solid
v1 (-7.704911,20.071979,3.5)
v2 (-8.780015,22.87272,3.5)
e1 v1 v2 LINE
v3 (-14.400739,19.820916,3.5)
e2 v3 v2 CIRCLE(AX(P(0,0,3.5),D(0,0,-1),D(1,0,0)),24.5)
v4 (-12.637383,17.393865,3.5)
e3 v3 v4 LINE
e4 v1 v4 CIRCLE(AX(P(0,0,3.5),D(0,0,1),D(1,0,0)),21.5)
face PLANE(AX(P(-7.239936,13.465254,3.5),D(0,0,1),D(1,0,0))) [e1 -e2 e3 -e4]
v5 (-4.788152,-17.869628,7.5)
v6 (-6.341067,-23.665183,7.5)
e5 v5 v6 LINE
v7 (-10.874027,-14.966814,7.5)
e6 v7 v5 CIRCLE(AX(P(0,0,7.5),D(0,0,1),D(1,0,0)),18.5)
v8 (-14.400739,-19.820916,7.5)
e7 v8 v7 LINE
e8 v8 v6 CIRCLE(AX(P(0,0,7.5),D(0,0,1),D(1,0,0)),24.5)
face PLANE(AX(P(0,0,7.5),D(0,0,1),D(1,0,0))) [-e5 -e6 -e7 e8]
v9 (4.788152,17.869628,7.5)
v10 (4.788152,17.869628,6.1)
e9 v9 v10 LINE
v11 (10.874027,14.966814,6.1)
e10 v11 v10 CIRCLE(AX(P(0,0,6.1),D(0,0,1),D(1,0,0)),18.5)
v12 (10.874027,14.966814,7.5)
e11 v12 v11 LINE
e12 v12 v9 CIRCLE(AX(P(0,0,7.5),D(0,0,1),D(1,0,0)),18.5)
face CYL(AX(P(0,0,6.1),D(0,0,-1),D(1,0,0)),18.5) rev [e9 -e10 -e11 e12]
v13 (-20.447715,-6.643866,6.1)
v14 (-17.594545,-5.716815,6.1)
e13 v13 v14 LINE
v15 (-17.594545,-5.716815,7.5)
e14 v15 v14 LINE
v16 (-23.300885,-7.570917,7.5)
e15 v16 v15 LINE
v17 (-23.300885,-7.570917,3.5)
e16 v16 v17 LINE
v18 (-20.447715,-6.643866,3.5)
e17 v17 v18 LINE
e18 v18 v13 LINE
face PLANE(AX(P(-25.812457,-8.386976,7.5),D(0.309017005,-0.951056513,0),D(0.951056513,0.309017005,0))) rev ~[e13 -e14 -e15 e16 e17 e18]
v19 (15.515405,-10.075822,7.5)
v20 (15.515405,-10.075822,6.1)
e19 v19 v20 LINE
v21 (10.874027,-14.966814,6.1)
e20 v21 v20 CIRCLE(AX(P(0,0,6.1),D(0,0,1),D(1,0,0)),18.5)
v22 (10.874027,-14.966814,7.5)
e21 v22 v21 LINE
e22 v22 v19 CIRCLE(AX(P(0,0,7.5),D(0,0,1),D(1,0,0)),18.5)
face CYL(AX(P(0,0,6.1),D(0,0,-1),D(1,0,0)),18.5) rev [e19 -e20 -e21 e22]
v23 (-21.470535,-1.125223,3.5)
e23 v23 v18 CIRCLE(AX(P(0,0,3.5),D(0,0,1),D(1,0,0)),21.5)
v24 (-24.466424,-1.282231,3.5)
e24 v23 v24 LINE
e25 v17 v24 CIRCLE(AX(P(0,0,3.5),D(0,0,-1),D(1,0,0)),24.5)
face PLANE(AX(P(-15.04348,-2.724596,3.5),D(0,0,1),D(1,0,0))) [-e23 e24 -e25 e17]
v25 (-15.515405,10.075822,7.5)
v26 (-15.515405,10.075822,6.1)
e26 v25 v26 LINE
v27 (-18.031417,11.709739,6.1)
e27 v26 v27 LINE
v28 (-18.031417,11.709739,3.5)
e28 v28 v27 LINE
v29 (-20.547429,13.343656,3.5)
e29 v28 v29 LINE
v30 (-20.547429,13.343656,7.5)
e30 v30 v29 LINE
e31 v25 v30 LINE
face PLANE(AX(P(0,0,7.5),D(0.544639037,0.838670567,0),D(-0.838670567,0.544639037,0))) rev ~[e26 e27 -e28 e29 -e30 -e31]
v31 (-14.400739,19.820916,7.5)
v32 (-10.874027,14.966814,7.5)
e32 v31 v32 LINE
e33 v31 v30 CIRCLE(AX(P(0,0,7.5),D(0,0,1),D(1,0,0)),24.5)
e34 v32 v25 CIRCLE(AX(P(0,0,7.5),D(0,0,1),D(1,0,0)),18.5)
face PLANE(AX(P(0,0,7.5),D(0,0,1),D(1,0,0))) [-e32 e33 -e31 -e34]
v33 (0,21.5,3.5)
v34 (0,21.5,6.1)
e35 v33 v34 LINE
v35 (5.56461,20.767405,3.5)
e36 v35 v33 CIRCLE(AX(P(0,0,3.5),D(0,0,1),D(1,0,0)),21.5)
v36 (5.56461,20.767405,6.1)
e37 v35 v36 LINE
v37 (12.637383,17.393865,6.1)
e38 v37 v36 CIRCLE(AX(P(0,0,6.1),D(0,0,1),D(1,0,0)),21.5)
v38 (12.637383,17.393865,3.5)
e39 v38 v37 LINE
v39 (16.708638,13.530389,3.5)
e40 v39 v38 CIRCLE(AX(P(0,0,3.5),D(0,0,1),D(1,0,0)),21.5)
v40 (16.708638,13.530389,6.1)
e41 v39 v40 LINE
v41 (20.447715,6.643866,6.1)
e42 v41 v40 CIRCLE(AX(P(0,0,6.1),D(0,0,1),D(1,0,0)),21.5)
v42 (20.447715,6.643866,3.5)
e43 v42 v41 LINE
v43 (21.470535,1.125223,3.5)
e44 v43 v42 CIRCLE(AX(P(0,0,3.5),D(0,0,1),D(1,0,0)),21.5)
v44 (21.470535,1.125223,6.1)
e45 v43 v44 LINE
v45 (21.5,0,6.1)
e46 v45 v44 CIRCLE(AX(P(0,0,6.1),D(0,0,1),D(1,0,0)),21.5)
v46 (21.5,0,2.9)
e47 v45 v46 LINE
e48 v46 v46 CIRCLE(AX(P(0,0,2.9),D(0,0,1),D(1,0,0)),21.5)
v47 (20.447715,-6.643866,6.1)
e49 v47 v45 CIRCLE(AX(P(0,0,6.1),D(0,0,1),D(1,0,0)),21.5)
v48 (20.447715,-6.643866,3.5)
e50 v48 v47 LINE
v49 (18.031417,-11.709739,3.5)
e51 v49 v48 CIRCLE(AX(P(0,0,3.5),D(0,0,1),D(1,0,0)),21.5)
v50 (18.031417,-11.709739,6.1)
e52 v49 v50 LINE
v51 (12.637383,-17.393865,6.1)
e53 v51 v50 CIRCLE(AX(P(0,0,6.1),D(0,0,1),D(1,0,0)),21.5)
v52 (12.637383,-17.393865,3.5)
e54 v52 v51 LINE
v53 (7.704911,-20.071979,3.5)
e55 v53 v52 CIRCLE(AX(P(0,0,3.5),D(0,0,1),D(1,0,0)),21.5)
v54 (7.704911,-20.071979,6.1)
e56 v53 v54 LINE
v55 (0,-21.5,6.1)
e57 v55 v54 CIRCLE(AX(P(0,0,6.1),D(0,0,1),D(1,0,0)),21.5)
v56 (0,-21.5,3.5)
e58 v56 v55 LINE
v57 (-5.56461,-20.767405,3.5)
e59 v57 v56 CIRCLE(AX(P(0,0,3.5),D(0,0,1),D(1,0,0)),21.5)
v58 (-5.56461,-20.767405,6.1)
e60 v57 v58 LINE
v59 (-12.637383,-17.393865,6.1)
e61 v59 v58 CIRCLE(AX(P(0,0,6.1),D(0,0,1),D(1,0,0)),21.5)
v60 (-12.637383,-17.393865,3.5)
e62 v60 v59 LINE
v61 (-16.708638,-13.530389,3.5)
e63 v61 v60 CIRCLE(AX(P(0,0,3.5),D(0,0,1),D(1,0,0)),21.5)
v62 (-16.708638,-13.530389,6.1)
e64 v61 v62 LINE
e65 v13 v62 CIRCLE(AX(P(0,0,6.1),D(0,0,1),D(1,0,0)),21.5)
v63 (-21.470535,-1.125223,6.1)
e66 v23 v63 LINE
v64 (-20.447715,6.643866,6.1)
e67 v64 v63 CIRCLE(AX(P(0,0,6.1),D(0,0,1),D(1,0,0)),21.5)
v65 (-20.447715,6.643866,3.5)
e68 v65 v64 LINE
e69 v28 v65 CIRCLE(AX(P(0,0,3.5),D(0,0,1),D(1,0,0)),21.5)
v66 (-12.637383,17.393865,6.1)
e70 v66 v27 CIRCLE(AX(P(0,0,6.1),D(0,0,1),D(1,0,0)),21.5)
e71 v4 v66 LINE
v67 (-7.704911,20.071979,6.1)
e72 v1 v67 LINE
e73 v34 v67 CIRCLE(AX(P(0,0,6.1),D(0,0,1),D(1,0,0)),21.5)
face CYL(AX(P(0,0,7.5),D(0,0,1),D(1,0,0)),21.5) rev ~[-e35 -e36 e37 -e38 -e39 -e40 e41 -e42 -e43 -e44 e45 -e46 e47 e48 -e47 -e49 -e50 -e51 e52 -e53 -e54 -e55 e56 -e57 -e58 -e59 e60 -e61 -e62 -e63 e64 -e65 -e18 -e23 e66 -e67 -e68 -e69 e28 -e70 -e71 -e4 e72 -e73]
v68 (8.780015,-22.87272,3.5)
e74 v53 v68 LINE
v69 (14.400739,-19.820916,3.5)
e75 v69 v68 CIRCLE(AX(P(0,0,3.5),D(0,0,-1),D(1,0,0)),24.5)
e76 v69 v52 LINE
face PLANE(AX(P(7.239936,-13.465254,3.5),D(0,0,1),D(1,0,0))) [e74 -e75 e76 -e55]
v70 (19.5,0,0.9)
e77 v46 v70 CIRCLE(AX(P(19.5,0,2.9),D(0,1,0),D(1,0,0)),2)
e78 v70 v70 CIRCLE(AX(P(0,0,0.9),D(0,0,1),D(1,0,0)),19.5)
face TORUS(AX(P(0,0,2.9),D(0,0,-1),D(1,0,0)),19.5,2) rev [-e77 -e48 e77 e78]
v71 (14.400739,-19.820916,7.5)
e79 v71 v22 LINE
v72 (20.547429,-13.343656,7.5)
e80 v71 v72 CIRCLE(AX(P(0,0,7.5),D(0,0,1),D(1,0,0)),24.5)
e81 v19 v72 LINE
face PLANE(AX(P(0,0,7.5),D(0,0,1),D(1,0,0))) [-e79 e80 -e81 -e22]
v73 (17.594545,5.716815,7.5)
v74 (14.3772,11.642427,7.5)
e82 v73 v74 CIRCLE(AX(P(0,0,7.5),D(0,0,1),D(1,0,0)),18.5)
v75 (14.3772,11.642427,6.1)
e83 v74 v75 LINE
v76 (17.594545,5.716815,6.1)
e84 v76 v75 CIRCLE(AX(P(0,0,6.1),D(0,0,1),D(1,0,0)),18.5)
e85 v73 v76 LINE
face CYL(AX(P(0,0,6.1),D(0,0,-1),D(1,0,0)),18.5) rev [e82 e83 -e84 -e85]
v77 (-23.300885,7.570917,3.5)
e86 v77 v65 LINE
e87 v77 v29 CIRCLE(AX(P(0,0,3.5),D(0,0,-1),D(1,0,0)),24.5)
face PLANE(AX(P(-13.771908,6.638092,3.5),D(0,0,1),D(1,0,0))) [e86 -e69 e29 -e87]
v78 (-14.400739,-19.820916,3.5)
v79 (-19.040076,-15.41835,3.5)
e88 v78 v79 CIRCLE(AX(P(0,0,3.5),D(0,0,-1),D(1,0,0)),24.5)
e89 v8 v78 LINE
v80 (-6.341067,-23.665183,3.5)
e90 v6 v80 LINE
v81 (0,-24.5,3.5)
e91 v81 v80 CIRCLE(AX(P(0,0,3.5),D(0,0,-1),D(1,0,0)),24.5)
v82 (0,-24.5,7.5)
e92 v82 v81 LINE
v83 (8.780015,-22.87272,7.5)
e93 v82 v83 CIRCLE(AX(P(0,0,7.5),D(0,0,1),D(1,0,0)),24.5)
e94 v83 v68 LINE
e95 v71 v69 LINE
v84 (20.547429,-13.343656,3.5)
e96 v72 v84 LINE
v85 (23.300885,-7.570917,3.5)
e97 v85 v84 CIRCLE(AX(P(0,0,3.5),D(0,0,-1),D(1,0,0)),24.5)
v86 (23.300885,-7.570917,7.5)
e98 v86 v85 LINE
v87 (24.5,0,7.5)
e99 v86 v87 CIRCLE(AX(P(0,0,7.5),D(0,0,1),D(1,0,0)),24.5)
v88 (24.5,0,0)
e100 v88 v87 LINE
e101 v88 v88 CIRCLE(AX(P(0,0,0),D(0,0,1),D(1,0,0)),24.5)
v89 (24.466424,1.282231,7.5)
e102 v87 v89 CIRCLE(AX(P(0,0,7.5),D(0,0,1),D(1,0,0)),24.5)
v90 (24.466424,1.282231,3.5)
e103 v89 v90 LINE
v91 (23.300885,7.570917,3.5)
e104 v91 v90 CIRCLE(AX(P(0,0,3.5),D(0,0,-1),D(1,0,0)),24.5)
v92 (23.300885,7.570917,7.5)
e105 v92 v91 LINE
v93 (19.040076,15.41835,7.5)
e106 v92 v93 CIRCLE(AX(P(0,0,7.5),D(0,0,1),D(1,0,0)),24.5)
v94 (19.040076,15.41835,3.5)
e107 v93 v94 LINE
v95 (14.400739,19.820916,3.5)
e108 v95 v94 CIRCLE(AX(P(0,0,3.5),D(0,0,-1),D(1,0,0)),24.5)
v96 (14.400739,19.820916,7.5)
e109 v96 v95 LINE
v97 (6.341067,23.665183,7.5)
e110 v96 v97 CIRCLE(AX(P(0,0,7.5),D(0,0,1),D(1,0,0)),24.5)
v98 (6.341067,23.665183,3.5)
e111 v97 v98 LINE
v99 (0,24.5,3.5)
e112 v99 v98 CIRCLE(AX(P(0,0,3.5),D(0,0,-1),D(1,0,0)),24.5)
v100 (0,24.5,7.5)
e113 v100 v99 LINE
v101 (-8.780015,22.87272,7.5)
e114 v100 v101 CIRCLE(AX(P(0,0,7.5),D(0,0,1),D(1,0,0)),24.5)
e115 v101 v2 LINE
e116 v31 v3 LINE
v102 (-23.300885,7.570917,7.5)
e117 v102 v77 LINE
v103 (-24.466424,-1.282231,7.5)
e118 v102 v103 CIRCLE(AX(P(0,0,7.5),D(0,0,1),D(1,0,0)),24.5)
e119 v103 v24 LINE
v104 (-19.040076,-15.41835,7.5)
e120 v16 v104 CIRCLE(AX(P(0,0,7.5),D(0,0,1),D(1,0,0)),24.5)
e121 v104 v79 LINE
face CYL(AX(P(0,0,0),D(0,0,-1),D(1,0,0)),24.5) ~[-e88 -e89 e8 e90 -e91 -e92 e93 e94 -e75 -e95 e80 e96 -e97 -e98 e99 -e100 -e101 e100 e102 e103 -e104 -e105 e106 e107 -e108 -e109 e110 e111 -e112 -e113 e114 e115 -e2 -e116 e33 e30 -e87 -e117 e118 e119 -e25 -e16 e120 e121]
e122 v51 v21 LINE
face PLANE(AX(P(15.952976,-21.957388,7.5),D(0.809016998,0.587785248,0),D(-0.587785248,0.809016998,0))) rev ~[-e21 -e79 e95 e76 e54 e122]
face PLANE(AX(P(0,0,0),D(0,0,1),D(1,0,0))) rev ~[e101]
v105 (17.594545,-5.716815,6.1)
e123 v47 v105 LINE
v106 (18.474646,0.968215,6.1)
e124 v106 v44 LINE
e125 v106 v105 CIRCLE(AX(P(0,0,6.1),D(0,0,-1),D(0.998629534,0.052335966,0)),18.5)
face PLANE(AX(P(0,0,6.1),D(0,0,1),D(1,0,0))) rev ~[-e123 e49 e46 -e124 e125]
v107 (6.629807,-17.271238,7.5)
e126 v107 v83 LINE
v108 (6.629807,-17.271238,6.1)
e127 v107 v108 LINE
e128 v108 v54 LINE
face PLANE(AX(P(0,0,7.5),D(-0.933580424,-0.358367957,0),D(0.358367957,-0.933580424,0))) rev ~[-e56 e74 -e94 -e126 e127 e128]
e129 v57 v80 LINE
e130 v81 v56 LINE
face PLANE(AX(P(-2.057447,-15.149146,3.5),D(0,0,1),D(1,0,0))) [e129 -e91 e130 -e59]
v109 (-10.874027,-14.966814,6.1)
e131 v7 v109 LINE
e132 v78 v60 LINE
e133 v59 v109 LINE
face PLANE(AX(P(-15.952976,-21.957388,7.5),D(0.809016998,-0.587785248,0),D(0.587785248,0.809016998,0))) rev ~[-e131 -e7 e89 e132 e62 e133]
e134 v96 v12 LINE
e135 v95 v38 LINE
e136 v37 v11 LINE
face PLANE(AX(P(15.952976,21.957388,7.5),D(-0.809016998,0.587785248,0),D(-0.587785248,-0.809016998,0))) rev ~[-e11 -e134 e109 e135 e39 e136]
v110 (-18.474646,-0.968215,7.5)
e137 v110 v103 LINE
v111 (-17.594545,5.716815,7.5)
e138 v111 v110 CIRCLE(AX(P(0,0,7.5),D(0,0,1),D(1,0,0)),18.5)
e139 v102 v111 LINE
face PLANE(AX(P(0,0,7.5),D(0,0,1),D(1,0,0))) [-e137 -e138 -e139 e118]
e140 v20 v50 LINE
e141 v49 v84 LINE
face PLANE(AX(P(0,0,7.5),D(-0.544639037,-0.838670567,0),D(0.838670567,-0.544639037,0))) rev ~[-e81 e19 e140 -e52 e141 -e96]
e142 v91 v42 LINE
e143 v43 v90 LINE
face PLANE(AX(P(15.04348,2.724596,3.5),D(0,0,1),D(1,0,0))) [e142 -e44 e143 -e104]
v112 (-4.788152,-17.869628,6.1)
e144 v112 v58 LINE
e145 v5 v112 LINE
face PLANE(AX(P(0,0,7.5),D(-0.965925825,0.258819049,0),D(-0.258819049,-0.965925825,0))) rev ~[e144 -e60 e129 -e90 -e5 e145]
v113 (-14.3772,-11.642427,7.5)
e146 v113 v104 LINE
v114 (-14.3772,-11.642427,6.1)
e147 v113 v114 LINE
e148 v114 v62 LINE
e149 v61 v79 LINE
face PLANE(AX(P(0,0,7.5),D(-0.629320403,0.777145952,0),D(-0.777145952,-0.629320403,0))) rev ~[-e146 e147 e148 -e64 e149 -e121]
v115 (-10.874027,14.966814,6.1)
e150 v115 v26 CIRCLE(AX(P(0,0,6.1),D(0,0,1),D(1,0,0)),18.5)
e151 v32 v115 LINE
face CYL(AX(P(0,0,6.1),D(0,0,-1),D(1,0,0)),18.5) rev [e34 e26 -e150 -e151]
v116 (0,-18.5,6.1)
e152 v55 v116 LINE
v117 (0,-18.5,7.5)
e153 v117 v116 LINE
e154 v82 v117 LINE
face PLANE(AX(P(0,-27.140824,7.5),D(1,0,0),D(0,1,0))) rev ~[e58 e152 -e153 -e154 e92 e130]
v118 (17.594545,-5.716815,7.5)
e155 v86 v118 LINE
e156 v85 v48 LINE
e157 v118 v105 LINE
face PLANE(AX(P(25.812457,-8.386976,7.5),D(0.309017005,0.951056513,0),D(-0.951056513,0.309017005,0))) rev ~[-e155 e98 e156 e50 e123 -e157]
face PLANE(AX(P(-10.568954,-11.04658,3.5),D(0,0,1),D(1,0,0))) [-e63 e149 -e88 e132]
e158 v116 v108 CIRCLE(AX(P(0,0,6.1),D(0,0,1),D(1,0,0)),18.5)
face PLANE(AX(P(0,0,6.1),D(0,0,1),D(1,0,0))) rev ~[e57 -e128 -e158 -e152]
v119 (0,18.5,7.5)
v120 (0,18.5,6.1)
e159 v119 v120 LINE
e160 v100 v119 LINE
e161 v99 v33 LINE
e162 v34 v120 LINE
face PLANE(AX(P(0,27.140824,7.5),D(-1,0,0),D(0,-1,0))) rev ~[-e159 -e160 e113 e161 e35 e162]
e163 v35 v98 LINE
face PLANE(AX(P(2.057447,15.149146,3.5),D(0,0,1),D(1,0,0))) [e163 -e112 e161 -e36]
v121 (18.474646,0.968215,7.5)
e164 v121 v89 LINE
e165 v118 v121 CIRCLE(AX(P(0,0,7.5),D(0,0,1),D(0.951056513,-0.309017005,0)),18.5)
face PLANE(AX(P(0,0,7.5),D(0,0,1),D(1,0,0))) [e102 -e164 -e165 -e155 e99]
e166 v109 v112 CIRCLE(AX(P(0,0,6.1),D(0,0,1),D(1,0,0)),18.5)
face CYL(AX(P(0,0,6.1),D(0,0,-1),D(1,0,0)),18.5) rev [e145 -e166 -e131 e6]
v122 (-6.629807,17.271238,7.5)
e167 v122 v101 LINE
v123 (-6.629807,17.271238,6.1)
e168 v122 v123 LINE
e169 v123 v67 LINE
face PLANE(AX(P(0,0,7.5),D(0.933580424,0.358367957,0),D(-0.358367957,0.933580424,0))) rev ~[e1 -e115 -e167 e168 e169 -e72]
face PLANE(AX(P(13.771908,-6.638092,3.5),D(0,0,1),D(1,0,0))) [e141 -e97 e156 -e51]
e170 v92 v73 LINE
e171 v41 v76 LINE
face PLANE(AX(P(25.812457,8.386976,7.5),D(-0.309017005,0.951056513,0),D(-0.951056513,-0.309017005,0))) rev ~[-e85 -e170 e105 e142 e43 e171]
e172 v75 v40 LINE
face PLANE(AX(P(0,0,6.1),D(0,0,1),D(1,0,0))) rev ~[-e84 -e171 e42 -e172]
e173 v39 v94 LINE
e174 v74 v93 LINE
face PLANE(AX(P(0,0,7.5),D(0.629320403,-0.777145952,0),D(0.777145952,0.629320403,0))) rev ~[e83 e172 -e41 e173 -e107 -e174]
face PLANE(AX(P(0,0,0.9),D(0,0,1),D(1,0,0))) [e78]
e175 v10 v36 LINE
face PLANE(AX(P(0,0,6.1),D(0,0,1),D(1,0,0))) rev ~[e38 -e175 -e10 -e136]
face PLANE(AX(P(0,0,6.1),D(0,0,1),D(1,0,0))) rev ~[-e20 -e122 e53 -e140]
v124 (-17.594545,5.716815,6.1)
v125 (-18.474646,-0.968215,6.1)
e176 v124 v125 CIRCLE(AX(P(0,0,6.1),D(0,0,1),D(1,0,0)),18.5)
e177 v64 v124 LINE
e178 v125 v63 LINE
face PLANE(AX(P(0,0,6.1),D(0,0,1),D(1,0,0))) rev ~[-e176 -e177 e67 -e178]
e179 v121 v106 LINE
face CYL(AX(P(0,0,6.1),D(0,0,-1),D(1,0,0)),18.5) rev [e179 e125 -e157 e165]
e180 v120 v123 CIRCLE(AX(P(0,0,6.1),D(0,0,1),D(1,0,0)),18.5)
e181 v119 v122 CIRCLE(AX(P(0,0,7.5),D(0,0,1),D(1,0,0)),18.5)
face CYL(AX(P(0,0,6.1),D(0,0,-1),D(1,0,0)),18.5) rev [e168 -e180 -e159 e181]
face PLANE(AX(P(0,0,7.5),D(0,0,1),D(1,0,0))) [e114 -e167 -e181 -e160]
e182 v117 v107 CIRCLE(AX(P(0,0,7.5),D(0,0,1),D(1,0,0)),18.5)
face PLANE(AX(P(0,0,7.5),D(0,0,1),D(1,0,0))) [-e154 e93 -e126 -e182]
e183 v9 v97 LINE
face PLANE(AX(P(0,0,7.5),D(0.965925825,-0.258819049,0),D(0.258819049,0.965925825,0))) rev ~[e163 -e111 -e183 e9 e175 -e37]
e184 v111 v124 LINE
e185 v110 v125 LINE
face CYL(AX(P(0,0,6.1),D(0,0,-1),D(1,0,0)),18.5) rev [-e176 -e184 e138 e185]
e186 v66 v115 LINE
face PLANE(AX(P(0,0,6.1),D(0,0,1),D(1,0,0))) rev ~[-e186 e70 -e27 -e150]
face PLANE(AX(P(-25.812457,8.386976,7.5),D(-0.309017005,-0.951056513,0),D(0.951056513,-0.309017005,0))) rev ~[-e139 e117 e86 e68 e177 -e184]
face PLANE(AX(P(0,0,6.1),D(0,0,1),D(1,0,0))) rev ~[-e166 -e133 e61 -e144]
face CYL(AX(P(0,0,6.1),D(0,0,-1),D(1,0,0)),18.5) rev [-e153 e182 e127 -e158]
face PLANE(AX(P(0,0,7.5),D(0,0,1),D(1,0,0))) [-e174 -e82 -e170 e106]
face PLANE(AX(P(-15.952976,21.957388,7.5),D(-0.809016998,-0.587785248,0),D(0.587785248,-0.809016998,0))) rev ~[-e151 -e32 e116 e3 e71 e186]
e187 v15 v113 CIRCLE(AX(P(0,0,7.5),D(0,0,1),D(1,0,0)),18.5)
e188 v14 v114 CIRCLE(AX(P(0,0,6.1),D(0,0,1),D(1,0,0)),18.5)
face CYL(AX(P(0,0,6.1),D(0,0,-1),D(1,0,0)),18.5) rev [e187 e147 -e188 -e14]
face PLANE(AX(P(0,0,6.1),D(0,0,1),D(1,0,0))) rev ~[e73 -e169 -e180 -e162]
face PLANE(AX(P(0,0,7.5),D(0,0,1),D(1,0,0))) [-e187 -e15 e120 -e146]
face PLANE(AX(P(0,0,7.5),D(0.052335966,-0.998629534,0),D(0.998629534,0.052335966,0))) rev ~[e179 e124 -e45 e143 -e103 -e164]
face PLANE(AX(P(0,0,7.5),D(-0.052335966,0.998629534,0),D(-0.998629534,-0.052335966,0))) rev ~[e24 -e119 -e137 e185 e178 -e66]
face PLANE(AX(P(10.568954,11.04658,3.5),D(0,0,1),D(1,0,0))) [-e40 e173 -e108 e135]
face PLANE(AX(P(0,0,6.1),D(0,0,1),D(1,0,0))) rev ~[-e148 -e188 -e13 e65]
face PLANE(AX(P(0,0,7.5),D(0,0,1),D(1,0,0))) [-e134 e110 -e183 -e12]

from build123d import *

# Parameters (mm, degrees)
F0_R     = 24.5
F1_DEPTH = 7.5
F2_R     = 21.5
F3_DEPTH = 6.6
F5_R     = 21.5
F5_R_2   = 18.5
F6_DEPTH = 1.4
F8_DEPTH = 4
F9_R     = 2


with BuildPart() as f1:
    # F0 (on Top) → F1 (new body)
    with BuildSketch(Plane.XY):
        Circle(F0_R)
    extrude(amount=F1_DEPTH)

    # F2 (on face) → F3 (cut)
    with BuildSketch(Plane.XY.offset(7.5)):
        Circle(F2_R)
    extrude(amount=-F3_DEPTH, mode=Mode.SUBTRACT)

    # F5 (on offset) → F6 (join, through all)
    with BuildSketch(Plane.XY.offset(6.1)):
        Circle(F5_R)
        Circle(F5_R_2, mode=Mode.SUBTRACT)
    extrude(amount=F6_DEPTH)

    # F7 (on face) → F8 (cut)
    with BuildSketch(Plane.XY.offset(7.5)):
        Polygon((0, 27.140824), (0, 0), (7.272362, 27.140824), align=None)
        Polygon((-15.952976, 21.957388), (0, 0), (-10.069512, 26.231975), align=None)
        Polygon((-25.812457, 8.386976), (0, 0), (-23.565174, 15.303403), align=None)
        Polygon((-25.812457, -8.386976), (0, 0), (-28.059741, -1.470549), align=None)
        Polygon((-15.952976, -21.957388), (0, 0), (-21.83644, -17.682801), align=None)
        Polygon((0, -27.140824), (0, 0), (-7.272362, -27.140824), align=None)
        Polygon((15.952976, -21.957388), (0, 0), (10.069512, -26.231975), align=None)
        Polygon((25.812457, -8.386976), (0, 0), (23.565174, -15.303403), align=None)
        Polygon((25.812457, 8.386976), (0, 0), (28.059741, 1.470549), align=None)
        Polygon((15.952976, 21.957388), (0, 0), (21.83644, 17.682801), align=None)
    extrude(amount=-F8_DEPTH, mode=Mode.SUBTRACT)

    # F9
    f9_edges = [f1.edges().sort_by_distance(p)[0] for p in [
        (-21.5, 0, 0.9),
    ]]
    fillet(f9_edges, radius=F9_R)


solid = f1.part
